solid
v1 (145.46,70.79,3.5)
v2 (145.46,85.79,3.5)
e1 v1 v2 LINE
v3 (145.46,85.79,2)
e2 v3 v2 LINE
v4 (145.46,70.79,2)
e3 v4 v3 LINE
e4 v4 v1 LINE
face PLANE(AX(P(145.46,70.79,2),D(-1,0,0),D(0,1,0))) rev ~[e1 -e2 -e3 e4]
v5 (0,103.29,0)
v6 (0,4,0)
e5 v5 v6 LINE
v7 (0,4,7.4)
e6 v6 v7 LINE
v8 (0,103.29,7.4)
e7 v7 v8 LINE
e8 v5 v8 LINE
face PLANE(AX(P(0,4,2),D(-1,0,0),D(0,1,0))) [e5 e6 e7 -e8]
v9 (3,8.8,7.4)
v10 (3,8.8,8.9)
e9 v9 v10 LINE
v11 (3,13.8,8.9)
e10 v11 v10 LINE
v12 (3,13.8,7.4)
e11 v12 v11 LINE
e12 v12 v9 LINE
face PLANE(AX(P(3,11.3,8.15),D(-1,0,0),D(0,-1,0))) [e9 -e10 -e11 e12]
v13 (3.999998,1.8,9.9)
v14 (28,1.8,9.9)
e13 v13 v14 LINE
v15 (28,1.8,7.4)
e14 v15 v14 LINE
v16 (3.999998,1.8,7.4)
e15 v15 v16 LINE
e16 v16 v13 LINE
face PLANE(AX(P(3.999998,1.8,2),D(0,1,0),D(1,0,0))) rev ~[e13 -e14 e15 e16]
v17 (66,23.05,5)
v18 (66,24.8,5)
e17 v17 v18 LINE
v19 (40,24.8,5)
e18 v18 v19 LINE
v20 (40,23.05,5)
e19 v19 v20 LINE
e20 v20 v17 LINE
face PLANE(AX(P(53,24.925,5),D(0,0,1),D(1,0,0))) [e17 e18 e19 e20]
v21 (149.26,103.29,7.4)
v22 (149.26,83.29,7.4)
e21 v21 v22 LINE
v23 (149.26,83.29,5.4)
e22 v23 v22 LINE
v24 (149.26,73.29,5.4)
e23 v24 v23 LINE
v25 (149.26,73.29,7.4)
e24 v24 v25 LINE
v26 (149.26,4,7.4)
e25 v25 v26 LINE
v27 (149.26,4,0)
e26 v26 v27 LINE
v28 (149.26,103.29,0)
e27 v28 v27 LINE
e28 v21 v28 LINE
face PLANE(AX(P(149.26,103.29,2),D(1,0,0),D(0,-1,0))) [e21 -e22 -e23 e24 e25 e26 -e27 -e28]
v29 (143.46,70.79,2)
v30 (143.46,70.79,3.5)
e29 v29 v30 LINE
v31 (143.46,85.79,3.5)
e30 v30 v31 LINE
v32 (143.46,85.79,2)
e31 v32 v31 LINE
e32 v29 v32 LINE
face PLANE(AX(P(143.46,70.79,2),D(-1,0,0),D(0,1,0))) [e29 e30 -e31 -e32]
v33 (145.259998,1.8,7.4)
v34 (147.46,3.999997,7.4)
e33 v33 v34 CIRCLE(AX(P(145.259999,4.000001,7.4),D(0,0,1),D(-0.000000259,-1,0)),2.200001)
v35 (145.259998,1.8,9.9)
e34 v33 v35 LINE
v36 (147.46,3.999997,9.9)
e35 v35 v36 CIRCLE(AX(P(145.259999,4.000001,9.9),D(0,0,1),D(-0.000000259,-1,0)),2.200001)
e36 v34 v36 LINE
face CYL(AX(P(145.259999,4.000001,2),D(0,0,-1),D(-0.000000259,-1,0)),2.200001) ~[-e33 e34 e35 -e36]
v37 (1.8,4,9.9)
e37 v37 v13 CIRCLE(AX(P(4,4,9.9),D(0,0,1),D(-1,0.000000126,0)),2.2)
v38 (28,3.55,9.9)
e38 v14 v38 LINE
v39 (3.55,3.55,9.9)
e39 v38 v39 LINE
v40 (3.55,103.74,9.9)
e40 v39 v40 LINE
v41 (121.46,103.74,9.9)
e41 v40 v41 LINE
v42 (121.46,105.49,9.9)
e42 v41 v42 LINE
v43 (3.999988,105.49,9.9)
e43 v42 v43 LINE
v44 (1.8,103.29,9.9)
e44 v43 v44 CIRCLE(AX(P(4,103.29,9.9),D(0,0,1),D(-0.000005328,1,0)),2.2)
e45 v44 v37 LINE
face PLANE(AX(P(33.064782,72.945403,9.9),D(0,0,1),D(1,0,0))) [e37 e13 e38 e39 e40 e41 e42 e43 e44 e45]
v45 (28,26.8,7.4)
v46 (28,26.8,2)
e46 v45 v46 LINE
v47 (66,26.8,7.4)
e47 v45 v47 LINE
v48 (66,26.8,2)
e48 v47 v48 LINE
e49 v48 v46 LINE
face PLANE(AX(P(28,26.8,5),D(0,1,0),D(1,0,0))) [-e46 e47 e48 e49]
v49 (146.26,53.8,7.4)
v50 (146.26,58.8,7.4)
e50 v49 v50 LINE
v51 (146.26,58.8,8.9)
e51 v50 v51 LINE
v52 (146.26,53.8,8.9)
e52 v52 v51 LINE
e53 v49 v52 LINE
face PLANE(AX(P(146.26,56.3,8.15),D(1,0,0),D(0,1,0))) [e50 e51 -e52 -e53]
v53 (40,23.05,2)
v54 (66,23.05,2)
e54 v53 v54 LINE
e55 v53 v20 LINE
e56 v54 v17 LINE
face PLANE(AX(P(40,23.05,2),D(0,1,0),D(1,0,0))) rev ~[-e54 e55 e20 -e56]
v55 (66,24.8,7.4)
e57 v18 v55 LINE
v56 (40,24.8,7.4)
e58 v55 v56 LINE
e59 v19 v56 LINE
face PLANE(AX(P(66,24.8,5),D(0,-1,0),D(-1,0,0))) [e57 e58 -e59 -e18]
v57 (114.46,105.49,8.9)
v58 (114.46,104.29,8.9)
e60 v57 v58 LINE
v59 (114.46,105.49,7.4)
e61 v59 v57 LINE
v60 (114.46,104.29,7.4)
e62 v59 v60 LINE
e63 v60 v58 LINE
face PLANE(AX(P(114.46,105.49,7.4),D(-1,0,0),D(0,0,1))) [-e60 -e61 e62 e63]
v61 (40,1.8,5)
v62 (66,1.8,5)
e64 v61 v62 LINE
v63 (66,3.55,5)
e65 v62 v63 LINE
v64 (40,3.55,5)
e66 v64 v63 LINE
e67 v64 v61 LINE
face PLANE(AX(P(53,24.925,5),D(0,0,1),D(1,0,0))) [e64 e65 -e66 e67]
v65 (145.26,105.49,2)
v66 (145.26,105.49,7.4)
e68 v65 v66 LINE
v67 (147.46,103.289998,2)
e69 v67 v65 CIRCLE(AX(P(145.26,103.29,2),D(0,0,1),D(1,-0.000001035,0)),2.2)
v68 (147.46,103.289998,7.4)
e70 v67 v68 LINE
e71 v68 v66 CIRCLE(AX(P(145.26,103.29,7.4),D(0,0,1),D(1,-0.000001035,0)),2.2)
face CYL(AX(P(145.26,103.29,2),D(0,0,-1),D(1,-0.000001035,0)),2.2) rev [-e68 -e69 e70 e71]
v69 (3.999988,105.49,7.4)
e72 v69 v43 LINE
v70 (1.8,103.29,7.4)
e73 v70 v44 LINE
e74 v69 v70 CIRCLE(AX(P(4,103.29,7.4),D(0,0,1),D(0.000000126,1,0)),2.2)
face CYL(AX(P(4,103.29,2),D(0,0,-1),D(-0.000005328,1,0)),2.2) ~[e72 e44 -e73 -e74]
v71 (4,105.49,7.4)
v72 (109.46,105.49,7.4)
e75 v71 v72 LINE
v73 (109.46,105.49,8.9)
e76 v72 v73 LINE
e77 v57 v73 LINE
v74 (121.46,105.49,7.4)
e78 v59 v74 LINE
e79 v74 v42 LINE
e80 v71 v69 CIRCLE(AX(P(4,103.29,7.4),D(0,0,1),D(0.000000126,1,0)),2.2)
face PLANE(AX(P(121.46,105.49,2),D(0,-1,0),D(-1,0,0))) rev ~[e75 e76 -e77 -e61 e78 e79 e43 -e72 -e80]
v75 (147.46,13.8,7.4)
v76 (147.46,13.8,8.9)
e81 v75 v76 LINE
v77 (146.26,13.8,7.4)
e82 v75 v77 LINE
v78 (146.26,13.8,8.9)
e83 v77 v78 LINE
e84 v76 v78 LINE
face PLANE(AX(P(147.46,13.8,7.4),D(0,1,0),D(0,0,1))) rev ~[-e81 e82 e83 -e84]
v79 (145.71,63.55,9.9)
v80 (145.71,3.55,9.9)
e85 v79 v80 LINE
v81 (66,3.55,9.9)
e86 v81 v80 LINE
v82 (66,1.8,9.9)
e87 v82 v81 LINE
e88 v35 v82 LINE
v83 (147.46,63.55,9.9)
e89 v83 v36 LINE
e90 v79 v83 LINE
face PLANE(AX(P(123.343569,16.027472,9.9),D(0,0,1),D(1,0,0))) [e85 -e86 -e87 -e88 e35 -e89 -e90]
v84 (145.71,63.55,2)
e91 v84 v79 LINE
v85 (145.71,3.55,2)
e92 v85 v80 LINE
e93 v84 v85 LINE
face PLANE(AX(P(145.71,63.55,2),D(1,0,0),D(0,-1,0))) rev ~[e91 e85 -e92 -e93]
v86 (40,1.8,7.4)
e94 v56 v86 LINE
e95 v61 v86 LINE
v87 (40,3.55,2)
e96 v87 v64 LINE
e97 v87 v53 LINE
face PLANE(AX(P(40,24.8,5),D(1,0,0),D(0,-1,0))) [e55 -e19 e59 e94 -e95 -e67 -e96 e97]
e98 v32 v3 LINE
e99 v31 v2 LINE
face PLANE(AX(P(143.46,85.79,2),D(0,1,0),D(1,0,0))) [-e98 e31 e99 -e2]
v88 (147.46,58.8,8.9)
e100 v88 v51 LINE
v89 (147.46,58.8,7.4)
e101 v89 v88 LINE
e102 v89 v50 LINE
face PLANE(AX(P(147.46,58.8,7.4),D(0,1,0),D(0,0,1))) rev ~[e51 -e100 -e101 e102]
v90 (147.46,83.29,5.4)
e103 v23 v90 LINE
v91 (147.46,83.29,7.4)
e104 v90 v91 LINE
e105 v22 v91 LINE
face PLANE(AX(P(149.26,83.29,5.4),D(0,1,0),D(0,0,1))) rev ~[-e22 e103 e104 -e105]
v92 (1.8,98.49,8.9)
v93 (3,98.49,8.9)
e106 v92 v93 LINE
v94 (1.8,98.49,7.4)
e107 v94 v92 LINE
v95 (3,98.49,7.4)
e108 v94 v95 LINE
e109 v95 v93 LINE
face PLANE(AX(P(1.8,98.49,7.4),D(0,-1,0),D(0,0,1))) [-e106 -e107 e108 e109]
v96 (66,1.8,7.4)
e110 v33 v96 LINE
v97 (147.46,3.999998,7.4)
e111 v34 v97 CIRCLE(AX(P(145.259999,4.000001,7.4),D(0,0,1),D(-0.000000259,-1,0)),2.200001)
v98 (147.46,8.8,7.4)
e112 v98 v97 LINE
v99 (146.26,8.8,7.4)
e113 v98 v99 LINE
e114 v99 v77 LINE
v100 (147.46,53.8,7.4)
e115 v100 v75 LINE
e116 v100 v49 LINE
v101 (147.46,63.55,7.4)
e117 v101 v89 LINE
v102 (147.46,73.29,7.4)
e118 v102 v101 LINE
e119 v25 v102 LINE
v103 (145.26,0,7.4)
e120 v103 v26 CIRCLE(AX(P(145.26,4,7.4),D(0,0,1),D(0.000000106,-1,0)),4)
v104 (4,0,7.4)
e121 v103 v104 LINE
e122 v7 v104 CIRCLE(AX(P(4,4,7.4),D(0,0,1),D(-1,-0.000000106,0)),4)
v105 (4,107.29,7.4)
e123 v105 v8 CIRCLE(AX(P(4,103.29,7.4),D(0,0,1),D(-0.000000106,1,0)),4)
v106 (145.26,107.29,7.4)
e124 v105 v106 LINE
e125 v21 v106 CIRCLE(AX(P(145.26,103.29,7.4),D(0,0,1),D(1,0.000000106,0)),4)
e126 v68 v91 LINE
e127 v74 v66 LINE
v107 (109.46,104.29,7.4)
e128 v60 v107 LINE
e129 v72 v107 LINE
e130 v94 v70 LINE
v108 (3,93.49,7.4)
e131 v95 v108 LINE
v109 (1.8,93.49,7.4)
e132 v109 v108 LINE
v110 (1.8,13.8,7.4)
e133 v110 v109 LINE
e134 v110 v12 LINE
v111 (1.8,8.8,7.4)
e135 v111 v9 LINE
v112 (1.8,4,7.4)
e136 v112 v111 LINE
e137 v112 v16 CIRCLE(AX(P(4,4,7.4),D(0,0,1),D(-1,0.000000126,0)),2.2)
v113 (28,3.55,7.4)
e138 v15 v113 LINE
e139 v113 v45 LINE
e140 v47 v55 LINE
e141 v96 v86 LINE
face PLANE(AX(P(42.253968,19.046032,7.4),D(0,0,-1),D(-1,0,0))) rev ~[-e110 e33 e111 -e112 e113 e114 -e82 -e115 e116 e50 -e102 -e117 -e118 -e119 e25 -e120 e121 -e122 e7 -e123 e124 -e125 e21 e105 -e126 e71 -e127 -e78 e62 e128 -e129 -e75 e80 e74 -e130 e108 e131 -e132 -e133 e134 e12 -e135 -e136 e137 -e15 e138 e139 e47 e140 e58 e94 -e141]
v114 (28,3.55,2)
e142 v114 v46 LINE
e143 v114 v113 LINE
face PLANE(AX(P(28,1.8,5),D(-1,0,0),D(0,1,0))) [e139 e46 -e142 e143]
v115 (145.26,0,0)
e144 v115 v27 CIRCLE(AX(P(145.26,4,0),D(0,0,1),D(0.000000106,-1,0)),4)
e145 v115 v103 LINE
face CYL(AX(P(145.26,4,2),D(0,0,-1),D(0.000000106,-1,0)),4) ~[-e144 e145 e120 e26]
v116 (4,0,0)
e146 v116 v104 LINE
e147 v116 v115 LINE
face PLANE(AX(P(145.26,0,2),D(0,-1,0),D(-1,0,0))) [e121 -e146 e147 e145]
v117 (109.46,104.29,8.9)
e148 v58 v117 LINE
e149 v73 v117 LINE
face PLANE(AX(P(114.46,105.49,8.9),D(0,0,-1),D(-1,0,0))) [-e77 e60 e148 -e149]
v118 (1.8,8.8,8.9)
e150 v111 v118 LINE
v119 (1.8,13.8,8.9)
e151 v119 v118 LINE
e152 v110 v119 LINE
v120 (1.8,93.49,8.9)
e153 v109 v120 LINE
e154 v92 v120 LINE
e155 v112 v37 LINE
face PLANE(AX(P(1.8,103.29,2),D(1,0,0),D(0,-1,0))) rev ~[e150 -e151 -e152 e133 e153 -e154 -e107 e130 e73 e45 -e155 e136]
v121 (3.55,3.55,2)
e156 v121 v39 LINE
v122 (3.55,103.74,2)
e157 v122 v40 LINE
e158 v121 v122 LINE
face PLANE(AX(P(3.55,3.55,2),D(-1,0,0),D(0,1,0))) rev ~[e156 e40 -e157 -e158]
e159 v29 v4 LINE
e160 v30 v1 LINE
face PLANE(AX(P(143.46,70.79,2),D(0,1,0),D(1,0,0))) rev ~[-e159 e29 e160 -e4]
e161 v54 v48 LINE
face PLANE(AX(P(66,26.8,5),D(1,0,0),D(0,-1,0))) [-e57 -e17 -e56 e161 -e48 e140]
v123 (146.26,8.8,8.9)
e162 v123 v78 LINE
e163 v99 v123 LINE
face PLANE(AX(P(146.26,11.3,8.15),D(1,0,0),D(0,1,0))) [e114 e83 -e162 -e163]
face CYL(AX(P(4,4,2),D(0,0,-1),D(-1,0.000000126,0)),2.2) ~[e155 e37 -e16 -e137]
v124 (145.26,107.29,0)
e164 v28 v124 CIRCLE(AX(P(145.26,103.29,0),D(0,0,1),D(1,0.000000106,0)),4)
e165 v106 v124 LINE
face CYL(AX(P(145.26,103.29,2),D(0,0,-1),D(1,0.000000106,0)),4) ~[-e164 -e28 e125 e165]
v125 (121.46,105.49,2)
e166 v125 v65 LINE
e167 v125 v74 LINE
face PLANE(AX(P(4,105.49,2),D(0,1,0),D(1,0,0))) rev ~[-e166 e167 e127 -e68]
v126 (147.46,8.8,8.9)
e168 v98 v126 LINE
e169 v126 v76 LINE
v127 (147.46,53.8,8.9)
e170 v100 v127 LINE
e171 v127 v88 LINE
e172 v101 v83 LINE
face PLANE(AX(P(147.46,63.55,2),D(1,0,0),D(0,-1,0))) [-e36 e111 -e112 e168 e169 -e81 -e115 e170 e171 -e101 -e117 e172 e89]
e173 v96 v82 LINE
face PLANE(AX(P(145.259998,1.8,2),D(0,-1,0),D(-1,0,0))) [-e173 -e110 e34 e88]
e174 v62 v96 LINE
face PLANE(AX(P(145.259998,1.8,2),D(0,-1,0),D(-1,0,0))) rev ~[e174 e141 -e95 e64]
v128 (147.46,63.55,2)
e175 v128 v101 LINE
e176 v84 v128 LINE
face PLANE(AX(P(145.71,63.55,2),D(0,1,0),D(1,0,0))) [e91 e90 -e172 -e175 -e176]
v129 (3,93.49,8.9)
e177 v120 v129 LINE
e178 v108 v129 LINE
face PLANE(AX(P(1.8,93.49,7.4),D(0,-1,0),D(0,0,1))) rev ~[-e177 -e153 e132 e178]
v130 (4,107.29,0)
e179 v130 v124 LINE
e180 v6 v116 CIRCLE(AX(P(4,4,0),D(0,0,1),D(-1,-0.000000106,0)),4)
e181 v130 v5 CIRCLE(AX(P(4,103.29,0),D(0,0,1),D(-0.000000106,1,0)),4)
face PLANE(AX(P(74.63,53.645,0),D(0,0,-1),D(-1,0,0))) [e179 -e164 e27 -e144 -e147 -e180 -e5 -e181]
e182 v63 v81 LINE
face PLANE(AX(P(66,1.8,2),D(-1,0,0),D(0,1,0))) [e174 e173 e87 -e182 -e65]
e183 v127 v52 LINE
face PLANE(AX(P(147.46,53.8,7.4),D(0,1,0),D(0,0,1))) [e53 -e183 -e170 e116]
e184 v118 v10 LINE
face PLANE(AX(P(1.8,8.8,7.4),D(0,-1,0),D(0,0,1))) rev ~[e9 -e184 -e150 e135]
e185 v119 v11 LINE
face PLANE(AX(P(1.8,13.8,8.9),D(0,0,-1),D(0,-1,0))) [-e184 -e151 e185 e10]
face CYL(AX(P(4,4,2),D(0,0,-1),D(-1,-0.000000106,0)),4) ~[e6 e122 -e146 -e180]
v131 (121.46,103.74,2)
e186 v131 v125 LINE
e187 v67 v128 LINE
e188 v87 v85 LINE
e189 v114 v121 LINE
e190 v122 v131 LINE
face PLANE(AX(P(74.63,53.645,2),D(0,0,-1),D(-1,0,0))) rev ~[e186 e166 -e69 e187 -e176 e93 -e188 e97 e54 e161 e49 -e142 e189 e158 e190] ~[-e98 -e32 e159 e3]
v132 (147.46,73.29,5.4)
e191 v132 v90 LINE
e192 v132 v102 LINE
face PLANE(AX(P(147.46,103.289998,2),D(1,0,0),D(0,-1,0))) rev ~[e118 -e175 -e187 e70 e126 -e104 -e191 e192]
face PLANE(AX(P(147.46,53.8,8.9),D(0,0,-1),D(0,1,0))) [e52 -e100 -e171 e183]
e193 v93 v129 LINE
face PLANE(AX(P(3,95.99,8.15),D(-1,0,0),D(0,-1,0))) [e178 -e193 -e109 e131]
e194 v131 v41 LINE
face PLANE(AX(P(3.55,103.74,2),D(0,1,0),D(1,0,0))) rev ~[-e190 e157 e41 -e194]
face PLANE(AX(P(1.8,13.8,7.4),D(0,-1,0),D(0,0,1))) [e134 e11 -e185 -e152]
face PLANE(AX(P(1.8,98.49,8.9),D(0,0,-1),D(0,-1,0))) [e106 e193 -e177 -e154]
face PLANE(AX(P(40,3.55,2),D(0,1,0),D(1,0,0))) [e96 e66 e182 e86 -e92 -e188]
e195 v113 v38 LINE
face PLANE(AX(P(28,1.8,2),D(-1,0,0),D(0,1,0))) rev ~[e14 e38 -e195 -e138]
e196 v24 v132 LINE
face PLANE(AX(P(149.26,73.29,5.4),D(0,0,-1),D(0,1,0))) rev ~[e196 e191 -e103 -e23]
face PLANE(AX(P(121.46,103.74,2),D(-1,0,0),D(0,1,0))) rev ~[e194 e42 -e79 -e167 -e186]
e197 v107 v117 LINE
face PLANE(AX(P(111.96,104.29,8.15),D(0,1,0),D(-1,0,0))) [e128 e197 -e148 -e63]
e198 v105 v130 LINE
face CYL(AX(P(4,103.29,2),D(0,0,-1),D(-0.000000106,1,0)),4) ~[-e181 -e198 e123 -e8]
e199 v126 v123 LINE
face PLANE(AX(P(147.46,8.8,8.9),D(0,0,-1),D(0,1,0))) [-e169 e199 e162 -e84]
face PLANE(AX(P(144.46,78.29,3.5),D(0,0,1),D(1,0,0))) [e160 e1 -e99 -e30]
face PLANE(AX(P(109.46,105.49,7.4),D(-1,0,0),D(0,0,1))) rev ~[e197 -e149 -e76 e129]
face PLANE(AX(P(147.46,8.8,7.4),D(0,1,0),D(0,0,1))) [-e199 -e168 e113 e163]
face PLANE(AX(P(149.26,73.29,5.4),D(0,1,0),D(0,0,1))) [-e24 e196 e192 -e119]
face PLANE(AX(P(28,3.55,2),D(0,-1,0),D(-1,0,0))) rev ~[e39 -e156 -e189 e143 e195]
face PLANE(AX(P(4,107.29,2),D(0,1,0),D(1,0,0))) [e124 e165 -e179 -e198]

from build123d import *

# Parameters (mm, degrees)
PAD_DEPTH       = 2
PAD001_DEPTH    = 5.4
SKETCH002_W     = 26
SKETCH002_H     = 3.75
SKETCH002_H_2   = 1.75
SKETCH002_W_2   = 12
SKETCH002_H_3   = 25
PAD002_DEPTH    = 3
PAD003_DEPTH    = 2.4
PAD005_DEPTH    = 7.9
SKETCH007_W     = 5
SKETCH007_H     = 1.5
POCKET001_DEPTH = 1.2
SKETCH008_W     = 5
SKETCH008_H     = 1.5
POCKET002_DEPTH = 1.2
SKETCH009_W     = 10
SKETCH009_H     = 2
POCKET003_DEPTH = 1.8
SKETCH020_W     = 5
SKETCH020_H     = 1.5
POCKET009_DEPTH = 1.2
SKETCH021_W     = 2
SKETCH021_H     = 15
PAD010_DEPTH    = 1.5


with BuildPart() as part:
    # Sketch → Pad (new body)
    with BuildSketch(Plane.XY):
        with BuildLine():
            Line((149.26, 103.29), (149.26, 4))
            ThreePointArc((145.26, 0), (148.088427, 1.171573), (149.26, 4))
            Line((4, 0), (145.26, 0))
            ThreePointArc((0, 4), (1.171573, 1.171573), (4, 0))
            Line((0, 103.29), (0, 4))
            ThreePointArc((4, 107.29), (1.171573, 106.118427), (0, 103.29))
            Line((4, 107.29), (145.26, 107.29))
            ThreePointArc((149.26, 103.29), (148.088427, 106.118427), (145.26, 107.29))
        make_face()
    extrude(amount=PAD_DEPTH)

    # Sketch001 (on Face10 of Pad) → Pad001 (join)
    with BuildSketch(Plane.XY.offset(2)):
        with BuildLine():
            ThreePointArc((4, 107.29), (1.171573, 106.118427), (0, 103.29))
            Line((0, 4), (0, 103.29))
            ThreePointArc((0, 4), (1.171573, 1.171573), (4, 0))
            Line((145.26, 0), (4, 0))
            ThreePointArc((145.26, 0), (148.088427, 1.171573), (149.26, 4))
            Line((149.26, 103.29), (149.26, 4))
            ThreePointArc((149.26, 103.29), (148.088427, 106.118427), (145.26, 107.29))
            Line((4, 107.29), (145.26, 107.29))
        make_face()
        with BuildLine():
            Line((4, 105.49), (145.26, 105.49))
            ThreePointArc((147.46, 103.289998), (146.815636, 104.845634), (145.26, 105.49))
            Line((147.46, 103.289998), (147.46, 3.999998))
            ThreePointArc((145.259998, 1.8), (146.815633, 2.444364), (147.46, 3.999998))
            Line((145.259998, 1.8), (3.999998, 1.8))
            ThreePointArc((1.8, 4), (2.444364, 2.444366), (3.999998, 1.8))
            Line((1.8, 4), (1.8, 103.29))
            ThreePointArc((4, 105.49), (2.444365, 104.845635), (1.8, 103.29))
        make_face(mode=Mode.SUBTRACT)
    extrude(amount=PAD001_DEPTH)

    # Sketch002 (on Face10 of Pad001) → Pad002 (join)
    with BuildSketch(Plane.XY.offset(2)):
        with Locations((53, 24.925)):
            Rectangle(SKETCH002_W, SKETCH002_H)
        with Locations((53, 2.675)):
            Rectangle(SKETCH002_W, SKETCH002_H_2)
        with Locations((34, 14.3)):
            Rectangle(SKETCH002_W_2, SKETCH002_H_3)
    extrude(amount=PAD002_DEPTH)

    # Sketch003 (on Face21 of Pad002) → Pad003 (join)
    with BuildSketch(Plane.XY.offset(5)):
        Polygon((28, 1.8), (28, 26.8), (66, 26.8), (66, 24.8), (40, 24.8), (40, 1.8), align=None)
    extrude(amount=PAD003_DEPTH)

    # Sketch006 (on Face22 of Pad003) → Pad005 (join)
    with BuildSketch(Plane.XY.offset(2)):
        with BuildLine():
            ThreePointArc((1.8, 4), (2.444364, 2.444366), (3.999998, 1.8))
            Line((3.999998, 1.8), (28, 1.8))
            Line((28, 1.8), (28, 3.55))
            Line((28, 3.55), (3.55, 3.55))
            Line((3.55, 3.55), (3.55, 103.74))
            Line((3.55, 103.74), (121.46, 103.74))
            Line((121.46, 103.74), (121.46, 105.49))
            Line((121.46, 105.49), (3.999988, 105.49))
            ThreePointArc((3.999988, 105.49), (2.444361, 104.845631), (1.8, 103.29))
            Line((1.8, 103.29), (1.8, 4))
        make_face()
        with BuildLine():
            ThreePointArc((145.259998, 1.8), (146.815633, 2.444364), (147.46, 3.999997))
            Line((147.46, 63.55), (147.46, 3.999997))
            Line((145.71, 63.55), (147.46, 63.55))
            Line((145.71, 63.55), (145.71, 3.55))
            Line((66, 3.55), (145.71, 3.55))
            Line((66, 1.8), (66, 3.55))
            Line((145.259998, 1.8), (66, 1.8))
        make_face()
    extrude(amount=PAD005_DEPTH)

    # Sketch007 (on Face11 of Pad005) → Pocket001 (cut)
    with BuildSketch(Plane(origin=(1.8, 0, 0), x_dir=(0, -1, 0), z_dir=(-1, 0, 0))):
        with Locations((-95.99, 8.15)):
            Rectangle(SKETCH007_W, SKETCH007_H)
        with Locations((-11.3, 8.15)):
            Rectangle(SKETCH007_W, SKETCH007_H)
    extrude(amount=-POCKET001_DEPTH, mode=Mode.SUBTRACT)

    # Sketch008 (on Face38 of Pocket001) → Pocket002 (cut)
    with BuildSketch(Plane.YZ.offset(147.46)):
        with Locations((11.3, 8.15)):
            Rectangle(SKETCH008_W, SKETCH008_H)
        with Locations((56.3, 8.15)):
            Rectangle(SKETCH008_W, SKETCH008_H)
    extrude(amount=-POCKET002_DEPTH, mode=Mode.SUBTRACT)

    # Sketch009 (on Face4 of Pocket002) → Pocket003 (cut)
    with BuildSketch(Plane.YZ.offset(149.26)):
        with Locations((78.29, 6.4)):
            Rectangle(SKETCH009_W, SKETCH009_H)
    extrude(amount=-POCKET003_DEPTH, mode=Mode.SUBTRACT)

    # Sketch020 (on Face17 of Pocket003) → Pocket009 (cut)
    with BuildSketch(Plane(origin=(0, 105.49, 0), x_dir=(-1, 0, 0), z_dir=(0, 1, 0))):
        with Locations((-111.96, 8.15)):
            Rectangle(SKETCH020_W, SKETCH020_H)
    extrude(amount=-POCKET009_DEPTH, mode=Mode.SUBTRACT)

    # Sketch021 (on Face16 of Pocket009) → Pad010 (join)
    with BuildSketch(Plane.XY.offset(2)):
        with Locations((144.46, 78.29)):
            Rectangle(SKETCH021_W, SKETCH021_H)
    extrude(amount=PAD010_DEPTH)


solid = part.part
